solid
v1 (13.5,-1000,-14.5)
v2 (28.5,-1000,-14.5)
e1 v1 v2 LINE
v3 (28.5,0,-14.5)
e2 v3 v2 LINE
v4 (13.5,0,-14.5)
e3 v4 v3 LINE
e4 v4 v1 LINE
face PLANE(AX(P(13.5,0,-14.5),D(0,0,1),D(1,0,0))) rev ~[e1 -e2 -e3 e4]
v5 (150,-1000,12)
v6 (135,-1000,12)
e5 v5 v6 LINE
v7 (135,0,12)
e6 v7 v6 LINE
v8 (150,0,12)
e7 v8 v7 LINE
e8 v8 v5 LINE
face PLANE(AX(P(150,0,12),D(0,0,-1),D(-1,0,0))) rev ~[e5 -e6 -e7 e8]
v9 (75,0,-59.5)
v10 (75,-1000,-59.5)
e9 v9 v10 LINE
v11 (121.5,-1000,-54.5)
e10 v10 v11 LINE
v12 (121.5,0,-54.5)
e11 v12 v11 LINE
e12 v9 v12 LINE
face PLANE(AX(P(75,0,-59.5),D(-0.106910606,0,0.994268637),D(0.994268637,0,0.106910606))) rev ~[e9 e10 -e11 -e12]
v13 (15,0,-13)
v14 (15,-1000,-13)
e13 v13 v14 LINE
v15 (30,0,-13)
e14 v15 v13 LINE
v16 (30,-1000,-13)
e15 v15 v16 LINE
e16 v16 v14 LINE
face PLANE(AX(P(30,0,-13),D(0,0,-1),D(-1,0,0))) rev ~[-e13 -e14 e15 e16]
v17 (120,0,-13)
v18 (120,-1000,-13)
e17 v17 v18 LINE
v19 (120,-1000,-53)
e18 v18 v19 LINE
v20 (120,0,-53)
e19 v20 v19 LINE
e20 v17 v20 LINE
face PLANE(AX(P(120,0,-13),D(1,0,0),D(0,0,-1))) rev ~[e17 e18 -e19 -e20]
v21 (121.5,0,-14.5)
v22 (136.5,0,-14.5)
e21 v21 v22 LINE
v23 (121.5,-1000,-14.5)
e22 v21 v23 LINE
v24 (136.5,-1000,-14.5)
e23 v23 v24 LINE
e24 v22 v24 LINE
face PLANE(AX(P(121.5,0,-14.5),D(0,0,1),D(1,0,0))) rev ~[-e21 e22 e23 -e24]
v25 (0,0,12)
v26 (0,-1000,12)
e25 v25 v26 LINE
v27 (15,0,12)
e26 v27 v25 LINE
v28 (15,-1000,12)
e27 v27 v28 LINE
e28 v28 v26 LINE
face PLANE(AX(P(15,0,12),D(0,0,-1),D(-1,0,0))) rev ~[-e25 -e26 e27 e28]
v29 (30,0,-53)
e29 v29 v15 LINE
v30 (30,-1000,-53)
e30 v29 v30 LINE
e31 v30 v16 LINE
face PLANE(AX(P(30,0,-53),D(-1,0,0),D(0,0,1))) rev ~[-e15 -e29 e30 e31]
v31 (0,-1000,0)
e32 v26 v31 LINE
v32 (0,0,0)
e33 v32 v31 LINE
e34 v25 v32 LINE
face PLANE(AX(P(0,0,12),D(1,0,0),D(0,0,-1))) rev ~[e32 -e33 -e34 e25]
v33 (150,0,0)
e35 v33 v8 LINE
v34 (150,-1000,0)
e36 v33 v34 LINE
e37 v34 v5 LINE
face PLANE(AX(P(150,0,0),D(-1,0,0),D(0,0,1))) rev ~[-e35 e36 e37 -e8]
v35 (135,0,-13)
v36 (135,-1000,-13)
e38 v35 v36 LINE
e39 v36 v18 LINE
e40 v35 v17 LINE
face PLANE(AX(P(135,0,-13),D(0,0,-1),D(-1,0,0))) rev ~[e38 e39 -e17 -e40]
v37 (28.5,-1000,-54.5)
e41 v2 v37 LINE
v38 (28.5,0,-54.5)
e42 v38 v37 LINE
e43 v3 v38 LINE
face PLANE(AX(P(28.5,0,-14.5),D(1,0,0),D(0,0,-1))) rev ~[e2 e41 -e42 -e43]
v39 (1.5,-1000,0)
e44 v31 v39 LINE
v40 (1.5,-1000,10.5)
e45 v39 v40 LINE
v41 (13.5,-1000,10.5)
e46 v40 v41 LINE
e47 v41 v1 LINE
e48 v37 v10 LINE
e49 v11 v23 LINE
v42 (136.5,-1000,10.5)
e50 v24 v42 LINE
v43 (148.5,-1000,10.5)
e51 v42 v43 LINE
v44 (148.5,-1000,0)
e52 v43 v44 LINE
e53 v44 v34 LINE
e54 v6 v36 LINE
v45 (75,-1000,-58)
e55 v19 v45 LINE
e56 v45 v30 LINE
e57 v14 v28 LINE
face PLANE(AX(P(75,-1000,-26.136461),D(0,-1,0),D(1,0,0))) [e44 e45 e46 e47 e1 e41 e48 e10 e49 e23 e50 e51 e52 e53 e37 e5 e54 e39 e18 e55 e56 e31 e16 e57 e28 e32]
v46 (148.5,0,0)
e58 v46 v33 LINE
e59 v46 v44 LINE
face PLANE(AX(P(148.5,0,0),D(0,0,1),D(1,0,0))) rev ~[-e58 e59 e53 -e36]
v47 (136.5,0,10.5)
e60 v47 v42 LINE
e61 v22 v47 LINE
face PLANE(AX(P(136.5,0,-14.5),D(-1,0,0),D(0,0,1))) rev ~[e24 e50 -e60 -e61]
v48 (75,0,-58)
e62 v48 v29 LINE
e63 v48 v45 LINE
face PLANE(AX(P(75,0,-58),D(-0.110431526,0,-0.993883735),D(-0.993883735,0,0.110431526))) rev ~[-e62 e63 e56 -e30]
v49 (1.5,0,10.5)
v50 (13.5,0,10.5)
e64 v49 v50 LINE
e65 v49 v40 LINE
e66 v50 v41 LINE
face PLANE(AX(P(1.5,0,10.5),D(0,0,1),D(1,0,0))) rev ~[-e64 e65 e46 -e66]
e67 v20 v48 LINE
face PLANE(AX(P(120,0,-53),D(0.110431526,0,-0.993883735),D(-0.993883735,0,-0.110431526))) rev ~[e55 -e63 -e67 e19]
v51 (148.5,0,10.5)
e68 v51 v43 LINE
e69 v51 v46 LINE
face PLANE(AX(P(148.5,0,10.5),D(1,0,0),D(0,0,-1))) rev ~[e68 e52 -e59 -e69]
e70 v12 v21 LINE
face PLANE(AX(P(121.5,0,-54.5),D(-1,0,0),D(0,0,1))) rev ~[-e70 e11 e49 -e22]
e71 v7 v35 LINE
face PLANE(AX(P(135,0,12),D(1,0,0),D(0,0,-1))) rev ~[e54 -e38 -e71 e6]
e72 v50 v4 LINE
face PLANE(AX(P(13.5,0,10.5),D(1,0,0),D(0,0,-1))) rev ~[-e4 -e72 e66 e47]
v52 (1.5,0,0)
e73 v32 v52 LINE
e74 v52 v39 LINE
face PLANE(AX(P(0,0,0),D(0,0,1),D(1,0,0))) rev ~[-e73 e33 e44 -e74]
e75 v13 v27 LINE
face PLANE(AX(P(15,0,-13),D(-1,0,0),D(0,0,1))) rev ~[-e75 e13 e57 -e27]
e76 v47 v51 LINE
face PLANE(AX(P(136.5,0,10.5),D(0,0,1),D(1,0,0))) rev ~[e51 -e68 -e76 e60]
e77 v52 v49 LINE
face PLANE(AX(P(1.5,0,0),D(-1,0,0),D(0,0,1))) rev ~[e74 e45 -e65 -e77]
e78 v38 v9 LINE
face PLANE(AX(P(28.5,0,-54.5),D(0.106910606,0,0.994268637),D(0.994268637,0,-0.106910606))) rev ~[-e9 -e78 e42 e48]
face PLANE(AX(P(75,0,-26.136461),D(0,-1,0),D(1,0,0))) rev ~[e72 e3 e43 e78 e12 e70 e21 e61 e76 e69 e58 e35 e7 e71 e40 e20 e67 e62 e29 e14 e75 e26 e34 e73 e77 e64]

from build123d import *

# Parameters (mm, degrees)
F1_DEPTH = 1000


with BuildPart() as f1:
    # F0 (on Front) → F1 (new body)
    with BuildSketch(Plane.XZ):
        Polygon((0, 12), (0, 0), (1.5, 0), (1.5, 10.5), (13.5, 10.5), (13.5, -14.5), (28.5, -14.5), (28.5, -54.5), (75, -59.5), (121.5, -54.5), (121.5, -14.5), (136.5, -14.5), (136.5, 10.5), (148.5, 10.5), (148.5, 0), (150, 0), (150, 12), (135, 12), (135, -13), (120, -13), (120, -53), (75, -58), (30, -53), (30, -13), (15, -13), (15, 12), align=None)
    extrude(amount=F1_DEPTH)


solid = f1.part
